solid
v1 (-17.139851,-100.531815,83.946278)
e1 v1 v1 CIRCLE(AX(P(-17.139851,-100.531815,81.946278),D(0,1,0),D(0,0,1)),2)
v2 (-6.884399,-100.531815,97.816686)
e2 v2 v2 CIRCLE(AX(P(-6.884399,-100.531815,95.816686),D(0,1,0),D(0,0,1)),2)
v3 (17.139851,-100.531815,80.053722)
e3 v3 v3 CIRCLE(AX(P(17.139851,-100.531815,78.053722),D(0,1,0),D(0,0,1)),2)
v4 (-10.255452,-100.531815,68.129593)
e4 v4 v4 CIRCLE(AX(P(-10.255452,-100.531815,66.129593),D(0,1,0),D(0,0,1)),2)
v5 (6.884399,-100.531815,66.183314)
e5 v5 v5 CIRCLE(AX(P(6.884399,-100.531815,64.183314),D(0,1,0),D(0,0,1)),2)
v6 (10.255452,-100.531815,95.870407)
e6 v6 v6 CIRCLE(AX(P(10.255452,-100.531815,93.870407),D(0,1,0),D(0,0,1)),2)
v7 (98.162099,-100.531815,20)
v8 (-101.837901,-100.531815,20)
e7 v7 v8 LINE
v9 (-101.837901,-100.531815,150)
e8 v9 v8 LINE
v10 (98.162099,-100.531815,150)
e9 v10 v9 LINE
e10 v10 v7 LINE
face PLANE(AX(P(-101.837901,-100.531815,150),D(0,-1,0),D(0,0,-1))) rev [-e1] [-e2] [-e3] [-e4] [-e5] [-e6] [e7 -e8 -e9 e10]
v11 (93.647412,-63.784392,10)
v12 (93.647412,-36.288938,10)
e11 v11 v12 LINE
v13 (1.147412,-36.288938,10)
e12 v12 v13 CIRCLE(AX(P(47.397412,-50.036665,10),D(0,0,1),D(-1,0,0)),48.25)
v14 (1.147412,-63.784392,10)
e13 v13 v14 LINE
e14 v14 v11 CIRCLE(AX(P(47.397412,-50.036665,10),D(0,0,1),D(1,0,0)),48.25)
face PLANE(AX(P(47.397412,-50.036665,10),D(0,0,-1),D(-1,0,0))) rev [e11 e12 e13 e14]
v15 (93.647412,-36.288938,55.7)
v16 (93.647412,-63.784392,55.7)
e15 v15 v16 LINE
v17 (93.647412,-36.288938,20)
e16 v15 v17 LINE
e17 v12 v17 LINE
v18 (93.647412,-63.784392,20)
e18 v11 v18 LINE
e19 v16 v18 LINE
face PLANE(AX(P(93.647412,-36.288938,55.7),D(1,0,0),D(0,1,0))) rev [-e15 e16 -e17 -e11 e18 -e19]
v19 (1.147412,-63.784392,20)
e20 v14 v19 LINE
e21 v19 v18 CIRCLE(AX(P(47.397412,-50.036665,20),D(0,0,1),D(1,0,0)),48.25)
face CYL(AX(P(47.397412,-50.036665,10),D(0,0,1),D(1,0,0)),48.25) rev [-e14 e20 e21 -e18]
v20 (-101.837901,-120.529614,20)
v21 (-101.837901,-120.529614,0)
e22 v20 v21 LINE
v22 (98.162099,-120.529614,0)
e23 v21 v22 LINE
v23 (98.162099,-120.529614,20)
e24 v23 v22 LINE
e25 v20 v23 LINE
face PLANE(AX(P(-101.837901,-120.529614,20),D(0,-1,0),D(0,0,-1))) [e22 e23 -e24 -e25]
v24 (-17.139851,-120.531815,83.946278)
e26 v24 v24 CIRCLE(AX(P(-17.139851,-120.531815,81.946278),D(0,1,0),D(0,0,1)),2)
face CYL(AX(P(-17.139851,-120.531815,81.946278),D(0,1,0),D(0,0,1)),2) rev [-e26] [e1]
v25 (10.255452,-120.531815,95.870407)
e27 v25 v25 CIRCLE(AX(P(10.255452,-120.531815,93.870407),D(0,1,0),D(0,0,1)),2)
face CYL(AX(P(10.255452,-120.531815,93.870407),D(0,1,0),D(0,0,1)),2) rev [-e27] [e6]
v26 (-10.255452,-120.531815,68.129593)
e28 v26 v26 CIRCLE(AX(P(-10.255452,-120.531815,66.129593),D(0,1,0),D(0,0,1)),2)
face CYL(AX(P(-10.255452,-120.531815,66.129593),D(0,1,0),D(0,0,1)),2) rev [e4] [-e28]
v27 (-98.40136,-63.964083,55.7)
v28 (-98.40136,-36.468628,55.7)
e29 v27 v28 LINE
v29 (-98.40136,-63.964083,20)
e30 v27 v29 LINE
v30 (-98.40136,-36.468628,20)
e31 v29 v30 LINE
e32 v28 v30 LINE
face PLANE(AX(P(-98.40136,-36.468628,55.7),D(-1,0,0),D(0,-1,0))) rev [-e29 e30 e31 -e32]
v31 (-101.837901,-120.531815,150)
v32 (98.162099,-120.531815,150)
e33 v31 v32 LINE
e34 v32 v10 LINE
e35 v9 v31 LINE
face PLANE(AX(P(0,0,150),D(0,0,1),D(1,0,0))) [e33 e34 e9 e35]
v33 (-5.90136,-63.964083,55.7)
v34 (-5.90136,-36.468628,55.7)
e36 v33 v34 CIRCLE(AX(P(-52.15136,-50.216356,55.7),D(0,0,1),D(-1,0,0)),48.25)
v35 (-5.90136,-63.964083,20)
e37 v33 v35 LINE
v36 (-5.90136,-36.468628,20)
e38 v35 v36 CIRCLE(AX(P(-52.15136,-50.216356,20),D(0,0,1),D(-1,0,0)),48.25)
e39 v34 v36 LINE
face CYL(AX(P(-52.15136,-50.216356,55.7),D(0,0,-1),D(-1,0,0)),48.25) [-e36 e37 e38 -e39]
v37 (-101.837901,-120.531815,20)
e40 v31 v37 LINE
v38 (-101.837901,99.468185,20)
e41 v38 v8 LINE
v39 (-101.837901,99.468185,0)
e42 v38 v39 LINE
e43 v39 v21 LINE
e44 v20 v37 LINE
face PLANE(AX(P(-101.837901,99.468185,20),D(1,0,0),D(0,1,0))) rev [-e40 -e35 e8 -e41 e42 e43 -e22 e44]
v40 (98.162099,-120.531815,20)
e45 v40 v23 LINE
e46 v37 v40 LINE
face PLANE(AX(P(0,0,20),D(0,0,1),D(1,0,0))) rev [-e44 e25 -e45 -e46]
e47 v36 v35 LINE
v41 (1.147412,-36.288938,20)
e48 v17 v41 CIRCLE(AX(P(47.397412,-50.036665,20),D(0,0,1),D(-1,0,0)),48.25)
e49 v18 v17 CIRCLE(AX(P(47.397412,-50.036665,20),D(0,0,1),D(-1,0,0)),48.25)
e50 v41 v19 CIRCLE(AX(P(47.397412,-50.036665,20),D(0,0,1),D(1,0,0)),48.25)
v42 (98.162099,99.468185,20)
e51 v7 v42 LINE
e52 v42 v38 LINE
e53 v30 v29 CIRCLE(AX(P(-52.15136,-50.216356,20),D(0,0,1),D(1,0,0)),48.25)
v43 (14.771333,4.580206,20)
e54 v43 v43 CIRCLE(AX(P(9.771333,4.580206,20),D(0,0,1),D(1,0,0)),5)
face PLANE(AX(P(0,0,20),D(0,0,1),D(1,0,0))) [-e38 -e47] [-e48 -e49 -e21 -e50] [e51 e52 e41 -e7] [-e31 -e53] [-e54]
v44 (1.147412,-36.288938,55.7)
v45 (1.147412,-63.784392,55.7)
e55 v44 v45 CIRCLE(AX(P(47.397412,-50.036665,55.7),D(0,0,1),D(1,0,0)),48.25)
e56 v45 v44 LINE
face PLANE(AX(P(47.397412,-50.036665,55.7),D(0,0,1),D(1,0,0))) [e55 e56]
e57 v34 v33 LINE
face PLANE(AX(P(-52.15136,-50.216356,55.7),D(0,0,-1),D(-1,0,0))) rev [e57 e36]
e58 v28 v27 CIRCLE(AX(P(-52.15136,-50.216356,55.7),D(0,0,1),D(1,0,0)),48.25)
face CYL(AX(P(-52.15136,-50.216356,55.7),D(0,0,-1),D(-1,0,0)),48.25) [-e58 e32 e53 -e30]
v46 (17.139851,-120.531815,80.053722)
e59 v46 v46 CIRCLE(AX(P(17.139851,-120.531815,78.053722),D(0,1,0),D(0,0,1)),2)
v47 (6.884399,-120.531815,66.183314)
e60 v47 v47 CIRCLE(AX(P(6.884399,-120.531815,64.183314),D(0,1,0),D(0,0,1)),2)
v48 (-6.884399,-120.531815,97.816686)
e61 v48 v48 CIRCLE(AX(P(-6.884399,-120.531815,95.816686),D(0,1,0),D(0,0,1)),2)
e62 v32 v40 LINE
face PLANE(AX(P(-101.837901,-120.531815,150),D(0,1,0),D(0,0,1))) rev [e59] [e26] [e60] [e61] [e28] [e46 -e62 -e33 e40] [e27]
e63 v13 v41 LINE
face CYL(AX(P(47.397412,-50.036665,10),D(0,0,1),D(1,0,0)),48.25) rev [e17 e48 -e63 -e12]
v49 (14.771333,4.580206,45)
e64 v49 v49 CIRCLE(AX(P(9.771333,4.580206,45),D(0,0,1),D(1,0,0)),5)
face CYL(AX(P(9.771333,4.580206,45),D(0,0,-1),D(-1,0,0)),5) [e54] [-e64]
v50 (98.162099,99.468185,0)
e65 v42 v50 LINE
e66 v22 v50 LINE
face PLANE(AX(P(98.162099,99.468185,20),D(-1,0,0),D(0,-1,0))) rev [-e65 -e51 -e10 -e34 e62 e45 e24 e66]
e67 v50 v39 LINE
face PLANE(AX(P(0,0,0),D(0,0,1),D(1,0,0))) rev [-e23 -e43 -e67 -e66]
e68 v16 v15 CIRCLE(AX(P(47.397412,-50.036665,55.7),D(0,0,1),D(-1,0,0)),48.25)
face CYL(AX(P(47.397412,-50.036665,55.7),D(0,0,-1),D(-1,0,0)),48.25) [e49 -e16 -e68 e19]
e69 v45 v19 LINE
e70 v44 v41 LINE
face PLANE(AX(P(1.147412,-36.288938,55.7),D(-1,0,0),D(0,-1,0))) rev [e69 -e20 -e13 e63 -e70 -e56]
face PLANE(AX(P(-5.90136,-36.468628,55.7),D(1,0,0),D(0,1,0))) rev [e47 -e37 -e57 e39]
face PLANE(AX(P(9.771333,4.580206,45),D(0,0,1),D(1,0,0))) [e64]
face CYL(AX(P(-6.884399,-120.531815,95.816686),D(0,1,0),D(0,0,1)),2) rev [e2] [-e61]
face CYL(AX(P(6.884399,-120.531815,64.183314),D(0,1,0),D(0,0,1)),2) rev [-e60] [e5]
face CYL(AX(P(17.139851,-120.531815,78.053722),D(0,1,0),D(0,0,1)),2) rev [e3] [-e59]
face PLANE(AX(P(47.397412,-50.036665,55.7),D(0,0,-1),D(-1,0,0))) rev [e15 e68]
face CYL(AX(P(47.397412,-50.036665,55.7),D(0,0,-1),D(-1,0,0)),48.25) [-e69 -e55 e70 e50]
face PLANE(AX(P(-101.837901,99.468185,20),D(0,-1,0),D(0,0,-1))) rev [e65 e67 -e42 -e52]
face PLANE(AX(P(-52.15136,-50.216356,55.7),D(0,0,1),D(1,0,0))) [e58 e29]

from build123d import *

# Parameters (mm, degrees)
SKETCH_1_W          = 200
SKETCH_1_H          = 200
EXTRUDE_2_DEPTH     = 20
EXTRUDE_5_DEPTH     = 35.7
EXTRUDE_7_DEPTH     = 35.7
SKETCH_16_W         = 200
SKETCH_16_H         = 20
EXTRUDE_9_DEPTH     = 130
SKETCH_17_W         = 20
SKETCH_17_H         = 19.997799489
EXTRUDE_10_DEPTH    = 200
SKETCH_18_R         = 2
CUT_EXTRUDE_3_DEPTH = 20
CUT_EXTRUDE_START   = -10
CUT_EXTRUDE_4_DEPTH = 10
SKETCH_20_R         = 5
EXTRUDE_11_DEPTH    = 25


with BuildPart() as part:
    # 草图1 → 凸台-拉伸2 (new body)
    with BuildSketch(Plane.XY):
        with Locations((-1.837901133, -0.53181486)):
            Rectangle(SKETCH_1_W, SKETCH_1_H)
    extrude(amount=EXTRUDE_2_DEPTH)

    # 草图7 → 凸台-拉伸5 (add)
    with BuildSketch(Plane.XY.offset(20)):
        with BuildLine():
            Line((1.147412205, -36.2889375), (1.147412205, -63.78439167))
            ThreePointArc((1.147412205, -63.78439167), (-0.852587795, -50.036664585), (1.147412205, -36.2889375))
        make_face()
        with BuildLine():
            Line((93.647412205, -36.2889375), (93.647412205, -63.78439167))
            ThreePointArc((93.647412205, -63.78439167), (95.647412205, -50.036664585), (93.647412205, -36.2889375))
        make_face()
    extrude(amount=EXTRUDE_5_DEPTH)

    # 草图11 → 凸台-拉伸7 (add)
    with BuildSketch(Plane.XY.offset(20)):
        with BuildLine():
            Line((-98.401360019, -36.468628425), (-98.401360019, -63.964082595))
            ThreePointArc((-98.401360019, -63.964082595), (-100.401360019, -50.21635551), (-98.401360019, -36.468628425))
        make_face()
        with BuildLine():
            Line((-5.901360019, -36.468628425), (-5.901360019, -63.964082595))
            ThreePointArc((-5.901360019, -63.964082595), (-3.901360019, -50.21635551), (-5.901360019, -36.468628425))
        make_face()
    extrude(amount=EXTRUDE_7_DEPTH)



with BuildPart() as body_2:
    # 草图16 → 凸台-拉伸9 (new body)
    with BuildSketch(Plane.XY.offset(20)):
        with Locations((-1.837901133, -110.53181486)):
            Rectangle(SKETCH_16_W, SKETCH_16_H)
    extrude(amount=EXTRUDE_9_DEPTH)


with BuildPart() as part_1:
    add(part.part)

    add(body_2.part)  # 凸台-拉伸10 merges body 2
    # 草图17 → 凸台-拉伸10 (add)
    with BuildSketch(Plane(origin=(98.162098867, 0, 0), x_dir=(0, 0, -1), z_dir=(1, 0, 0))):
        with Locations((-10, -110.530714605)):
            Rectangle(SKETCH_17_W, SKETCH_17_H)
    extrude(amount=-EXTRUDE_10_DEPTH)

    # 草图18 → 切除-拉伸3 (cut)
    with BuildSketch(Plane(origin=(0, -100.53181486, 0), x_dir=(1, 0, 0), z_dir=(0, 1, 0))):
        with Locations(Location((-17.139851229, -81.946278464, 0), (0, 0, 270))):
            Circle(SKETCH_18_R)
        with Locations(Location((-10.255452207, -66.129592651, 0), (0, 0, 270))):
            Circle(SKETCH_18_R)
        with Locations(Location((6.884399022, -64.183314187, 0), (0, 0, 270))):
            Circle(SKETCH_18_R)
        with Locations(Location((17.139851229, -78.053721536, 0), (0, 0, 270))):
            Circle(SKETCH_18_R)
        with Locations(Location((10.255452207, -93.870407349, 0), (0, 0, 270))):
            Circle(SKETCH_18_R)
        with Locations(Location((-6.884399022, -95.816685813, 0), (0, 0, 270))):
            Circle(SKETCH_18_R)
    extrude(amount=-CUT_EXTRUDE_3_DEPTH, mode=Mode.SUBTRACT)

    # 草图14 → 切除-拉伸4 (cut)
    with BuildSketch(Plane.XY.offset(20).offset(CUT_EXTRUDE_START)):
        with BuildLine():
            Line((1.147412205, -36.2889375), (1.147412205, -63.78439167))
            ThreePointArc((1.147412205, -63.78439167), (47.397412205, -98.286664585), (93.647412205, -63.78439167))
            Line((93.647412205, -63.78439167), (93.647412205, -36.2889375))
            ThreePointArc((93.647412205, -36.2889375), (47.397412205, -1.786664585), (1.147412205, -36.2889375))
        make_face()
    extrude(amount=CUT_EXTRUDE_4_DEPTH, mode=Mode.SUBTRACT)

    # 草图20 → 凸台-拉伸11 (add)
    with BuildSketch(Plane.XY.offset(20)):
        with Locations((9.771333485, 4.580206065)):
            Circle(SKETCH_20_R)
    extrude(amount=EXTRUDE_11_DEPTH)


solid = part_1.part
